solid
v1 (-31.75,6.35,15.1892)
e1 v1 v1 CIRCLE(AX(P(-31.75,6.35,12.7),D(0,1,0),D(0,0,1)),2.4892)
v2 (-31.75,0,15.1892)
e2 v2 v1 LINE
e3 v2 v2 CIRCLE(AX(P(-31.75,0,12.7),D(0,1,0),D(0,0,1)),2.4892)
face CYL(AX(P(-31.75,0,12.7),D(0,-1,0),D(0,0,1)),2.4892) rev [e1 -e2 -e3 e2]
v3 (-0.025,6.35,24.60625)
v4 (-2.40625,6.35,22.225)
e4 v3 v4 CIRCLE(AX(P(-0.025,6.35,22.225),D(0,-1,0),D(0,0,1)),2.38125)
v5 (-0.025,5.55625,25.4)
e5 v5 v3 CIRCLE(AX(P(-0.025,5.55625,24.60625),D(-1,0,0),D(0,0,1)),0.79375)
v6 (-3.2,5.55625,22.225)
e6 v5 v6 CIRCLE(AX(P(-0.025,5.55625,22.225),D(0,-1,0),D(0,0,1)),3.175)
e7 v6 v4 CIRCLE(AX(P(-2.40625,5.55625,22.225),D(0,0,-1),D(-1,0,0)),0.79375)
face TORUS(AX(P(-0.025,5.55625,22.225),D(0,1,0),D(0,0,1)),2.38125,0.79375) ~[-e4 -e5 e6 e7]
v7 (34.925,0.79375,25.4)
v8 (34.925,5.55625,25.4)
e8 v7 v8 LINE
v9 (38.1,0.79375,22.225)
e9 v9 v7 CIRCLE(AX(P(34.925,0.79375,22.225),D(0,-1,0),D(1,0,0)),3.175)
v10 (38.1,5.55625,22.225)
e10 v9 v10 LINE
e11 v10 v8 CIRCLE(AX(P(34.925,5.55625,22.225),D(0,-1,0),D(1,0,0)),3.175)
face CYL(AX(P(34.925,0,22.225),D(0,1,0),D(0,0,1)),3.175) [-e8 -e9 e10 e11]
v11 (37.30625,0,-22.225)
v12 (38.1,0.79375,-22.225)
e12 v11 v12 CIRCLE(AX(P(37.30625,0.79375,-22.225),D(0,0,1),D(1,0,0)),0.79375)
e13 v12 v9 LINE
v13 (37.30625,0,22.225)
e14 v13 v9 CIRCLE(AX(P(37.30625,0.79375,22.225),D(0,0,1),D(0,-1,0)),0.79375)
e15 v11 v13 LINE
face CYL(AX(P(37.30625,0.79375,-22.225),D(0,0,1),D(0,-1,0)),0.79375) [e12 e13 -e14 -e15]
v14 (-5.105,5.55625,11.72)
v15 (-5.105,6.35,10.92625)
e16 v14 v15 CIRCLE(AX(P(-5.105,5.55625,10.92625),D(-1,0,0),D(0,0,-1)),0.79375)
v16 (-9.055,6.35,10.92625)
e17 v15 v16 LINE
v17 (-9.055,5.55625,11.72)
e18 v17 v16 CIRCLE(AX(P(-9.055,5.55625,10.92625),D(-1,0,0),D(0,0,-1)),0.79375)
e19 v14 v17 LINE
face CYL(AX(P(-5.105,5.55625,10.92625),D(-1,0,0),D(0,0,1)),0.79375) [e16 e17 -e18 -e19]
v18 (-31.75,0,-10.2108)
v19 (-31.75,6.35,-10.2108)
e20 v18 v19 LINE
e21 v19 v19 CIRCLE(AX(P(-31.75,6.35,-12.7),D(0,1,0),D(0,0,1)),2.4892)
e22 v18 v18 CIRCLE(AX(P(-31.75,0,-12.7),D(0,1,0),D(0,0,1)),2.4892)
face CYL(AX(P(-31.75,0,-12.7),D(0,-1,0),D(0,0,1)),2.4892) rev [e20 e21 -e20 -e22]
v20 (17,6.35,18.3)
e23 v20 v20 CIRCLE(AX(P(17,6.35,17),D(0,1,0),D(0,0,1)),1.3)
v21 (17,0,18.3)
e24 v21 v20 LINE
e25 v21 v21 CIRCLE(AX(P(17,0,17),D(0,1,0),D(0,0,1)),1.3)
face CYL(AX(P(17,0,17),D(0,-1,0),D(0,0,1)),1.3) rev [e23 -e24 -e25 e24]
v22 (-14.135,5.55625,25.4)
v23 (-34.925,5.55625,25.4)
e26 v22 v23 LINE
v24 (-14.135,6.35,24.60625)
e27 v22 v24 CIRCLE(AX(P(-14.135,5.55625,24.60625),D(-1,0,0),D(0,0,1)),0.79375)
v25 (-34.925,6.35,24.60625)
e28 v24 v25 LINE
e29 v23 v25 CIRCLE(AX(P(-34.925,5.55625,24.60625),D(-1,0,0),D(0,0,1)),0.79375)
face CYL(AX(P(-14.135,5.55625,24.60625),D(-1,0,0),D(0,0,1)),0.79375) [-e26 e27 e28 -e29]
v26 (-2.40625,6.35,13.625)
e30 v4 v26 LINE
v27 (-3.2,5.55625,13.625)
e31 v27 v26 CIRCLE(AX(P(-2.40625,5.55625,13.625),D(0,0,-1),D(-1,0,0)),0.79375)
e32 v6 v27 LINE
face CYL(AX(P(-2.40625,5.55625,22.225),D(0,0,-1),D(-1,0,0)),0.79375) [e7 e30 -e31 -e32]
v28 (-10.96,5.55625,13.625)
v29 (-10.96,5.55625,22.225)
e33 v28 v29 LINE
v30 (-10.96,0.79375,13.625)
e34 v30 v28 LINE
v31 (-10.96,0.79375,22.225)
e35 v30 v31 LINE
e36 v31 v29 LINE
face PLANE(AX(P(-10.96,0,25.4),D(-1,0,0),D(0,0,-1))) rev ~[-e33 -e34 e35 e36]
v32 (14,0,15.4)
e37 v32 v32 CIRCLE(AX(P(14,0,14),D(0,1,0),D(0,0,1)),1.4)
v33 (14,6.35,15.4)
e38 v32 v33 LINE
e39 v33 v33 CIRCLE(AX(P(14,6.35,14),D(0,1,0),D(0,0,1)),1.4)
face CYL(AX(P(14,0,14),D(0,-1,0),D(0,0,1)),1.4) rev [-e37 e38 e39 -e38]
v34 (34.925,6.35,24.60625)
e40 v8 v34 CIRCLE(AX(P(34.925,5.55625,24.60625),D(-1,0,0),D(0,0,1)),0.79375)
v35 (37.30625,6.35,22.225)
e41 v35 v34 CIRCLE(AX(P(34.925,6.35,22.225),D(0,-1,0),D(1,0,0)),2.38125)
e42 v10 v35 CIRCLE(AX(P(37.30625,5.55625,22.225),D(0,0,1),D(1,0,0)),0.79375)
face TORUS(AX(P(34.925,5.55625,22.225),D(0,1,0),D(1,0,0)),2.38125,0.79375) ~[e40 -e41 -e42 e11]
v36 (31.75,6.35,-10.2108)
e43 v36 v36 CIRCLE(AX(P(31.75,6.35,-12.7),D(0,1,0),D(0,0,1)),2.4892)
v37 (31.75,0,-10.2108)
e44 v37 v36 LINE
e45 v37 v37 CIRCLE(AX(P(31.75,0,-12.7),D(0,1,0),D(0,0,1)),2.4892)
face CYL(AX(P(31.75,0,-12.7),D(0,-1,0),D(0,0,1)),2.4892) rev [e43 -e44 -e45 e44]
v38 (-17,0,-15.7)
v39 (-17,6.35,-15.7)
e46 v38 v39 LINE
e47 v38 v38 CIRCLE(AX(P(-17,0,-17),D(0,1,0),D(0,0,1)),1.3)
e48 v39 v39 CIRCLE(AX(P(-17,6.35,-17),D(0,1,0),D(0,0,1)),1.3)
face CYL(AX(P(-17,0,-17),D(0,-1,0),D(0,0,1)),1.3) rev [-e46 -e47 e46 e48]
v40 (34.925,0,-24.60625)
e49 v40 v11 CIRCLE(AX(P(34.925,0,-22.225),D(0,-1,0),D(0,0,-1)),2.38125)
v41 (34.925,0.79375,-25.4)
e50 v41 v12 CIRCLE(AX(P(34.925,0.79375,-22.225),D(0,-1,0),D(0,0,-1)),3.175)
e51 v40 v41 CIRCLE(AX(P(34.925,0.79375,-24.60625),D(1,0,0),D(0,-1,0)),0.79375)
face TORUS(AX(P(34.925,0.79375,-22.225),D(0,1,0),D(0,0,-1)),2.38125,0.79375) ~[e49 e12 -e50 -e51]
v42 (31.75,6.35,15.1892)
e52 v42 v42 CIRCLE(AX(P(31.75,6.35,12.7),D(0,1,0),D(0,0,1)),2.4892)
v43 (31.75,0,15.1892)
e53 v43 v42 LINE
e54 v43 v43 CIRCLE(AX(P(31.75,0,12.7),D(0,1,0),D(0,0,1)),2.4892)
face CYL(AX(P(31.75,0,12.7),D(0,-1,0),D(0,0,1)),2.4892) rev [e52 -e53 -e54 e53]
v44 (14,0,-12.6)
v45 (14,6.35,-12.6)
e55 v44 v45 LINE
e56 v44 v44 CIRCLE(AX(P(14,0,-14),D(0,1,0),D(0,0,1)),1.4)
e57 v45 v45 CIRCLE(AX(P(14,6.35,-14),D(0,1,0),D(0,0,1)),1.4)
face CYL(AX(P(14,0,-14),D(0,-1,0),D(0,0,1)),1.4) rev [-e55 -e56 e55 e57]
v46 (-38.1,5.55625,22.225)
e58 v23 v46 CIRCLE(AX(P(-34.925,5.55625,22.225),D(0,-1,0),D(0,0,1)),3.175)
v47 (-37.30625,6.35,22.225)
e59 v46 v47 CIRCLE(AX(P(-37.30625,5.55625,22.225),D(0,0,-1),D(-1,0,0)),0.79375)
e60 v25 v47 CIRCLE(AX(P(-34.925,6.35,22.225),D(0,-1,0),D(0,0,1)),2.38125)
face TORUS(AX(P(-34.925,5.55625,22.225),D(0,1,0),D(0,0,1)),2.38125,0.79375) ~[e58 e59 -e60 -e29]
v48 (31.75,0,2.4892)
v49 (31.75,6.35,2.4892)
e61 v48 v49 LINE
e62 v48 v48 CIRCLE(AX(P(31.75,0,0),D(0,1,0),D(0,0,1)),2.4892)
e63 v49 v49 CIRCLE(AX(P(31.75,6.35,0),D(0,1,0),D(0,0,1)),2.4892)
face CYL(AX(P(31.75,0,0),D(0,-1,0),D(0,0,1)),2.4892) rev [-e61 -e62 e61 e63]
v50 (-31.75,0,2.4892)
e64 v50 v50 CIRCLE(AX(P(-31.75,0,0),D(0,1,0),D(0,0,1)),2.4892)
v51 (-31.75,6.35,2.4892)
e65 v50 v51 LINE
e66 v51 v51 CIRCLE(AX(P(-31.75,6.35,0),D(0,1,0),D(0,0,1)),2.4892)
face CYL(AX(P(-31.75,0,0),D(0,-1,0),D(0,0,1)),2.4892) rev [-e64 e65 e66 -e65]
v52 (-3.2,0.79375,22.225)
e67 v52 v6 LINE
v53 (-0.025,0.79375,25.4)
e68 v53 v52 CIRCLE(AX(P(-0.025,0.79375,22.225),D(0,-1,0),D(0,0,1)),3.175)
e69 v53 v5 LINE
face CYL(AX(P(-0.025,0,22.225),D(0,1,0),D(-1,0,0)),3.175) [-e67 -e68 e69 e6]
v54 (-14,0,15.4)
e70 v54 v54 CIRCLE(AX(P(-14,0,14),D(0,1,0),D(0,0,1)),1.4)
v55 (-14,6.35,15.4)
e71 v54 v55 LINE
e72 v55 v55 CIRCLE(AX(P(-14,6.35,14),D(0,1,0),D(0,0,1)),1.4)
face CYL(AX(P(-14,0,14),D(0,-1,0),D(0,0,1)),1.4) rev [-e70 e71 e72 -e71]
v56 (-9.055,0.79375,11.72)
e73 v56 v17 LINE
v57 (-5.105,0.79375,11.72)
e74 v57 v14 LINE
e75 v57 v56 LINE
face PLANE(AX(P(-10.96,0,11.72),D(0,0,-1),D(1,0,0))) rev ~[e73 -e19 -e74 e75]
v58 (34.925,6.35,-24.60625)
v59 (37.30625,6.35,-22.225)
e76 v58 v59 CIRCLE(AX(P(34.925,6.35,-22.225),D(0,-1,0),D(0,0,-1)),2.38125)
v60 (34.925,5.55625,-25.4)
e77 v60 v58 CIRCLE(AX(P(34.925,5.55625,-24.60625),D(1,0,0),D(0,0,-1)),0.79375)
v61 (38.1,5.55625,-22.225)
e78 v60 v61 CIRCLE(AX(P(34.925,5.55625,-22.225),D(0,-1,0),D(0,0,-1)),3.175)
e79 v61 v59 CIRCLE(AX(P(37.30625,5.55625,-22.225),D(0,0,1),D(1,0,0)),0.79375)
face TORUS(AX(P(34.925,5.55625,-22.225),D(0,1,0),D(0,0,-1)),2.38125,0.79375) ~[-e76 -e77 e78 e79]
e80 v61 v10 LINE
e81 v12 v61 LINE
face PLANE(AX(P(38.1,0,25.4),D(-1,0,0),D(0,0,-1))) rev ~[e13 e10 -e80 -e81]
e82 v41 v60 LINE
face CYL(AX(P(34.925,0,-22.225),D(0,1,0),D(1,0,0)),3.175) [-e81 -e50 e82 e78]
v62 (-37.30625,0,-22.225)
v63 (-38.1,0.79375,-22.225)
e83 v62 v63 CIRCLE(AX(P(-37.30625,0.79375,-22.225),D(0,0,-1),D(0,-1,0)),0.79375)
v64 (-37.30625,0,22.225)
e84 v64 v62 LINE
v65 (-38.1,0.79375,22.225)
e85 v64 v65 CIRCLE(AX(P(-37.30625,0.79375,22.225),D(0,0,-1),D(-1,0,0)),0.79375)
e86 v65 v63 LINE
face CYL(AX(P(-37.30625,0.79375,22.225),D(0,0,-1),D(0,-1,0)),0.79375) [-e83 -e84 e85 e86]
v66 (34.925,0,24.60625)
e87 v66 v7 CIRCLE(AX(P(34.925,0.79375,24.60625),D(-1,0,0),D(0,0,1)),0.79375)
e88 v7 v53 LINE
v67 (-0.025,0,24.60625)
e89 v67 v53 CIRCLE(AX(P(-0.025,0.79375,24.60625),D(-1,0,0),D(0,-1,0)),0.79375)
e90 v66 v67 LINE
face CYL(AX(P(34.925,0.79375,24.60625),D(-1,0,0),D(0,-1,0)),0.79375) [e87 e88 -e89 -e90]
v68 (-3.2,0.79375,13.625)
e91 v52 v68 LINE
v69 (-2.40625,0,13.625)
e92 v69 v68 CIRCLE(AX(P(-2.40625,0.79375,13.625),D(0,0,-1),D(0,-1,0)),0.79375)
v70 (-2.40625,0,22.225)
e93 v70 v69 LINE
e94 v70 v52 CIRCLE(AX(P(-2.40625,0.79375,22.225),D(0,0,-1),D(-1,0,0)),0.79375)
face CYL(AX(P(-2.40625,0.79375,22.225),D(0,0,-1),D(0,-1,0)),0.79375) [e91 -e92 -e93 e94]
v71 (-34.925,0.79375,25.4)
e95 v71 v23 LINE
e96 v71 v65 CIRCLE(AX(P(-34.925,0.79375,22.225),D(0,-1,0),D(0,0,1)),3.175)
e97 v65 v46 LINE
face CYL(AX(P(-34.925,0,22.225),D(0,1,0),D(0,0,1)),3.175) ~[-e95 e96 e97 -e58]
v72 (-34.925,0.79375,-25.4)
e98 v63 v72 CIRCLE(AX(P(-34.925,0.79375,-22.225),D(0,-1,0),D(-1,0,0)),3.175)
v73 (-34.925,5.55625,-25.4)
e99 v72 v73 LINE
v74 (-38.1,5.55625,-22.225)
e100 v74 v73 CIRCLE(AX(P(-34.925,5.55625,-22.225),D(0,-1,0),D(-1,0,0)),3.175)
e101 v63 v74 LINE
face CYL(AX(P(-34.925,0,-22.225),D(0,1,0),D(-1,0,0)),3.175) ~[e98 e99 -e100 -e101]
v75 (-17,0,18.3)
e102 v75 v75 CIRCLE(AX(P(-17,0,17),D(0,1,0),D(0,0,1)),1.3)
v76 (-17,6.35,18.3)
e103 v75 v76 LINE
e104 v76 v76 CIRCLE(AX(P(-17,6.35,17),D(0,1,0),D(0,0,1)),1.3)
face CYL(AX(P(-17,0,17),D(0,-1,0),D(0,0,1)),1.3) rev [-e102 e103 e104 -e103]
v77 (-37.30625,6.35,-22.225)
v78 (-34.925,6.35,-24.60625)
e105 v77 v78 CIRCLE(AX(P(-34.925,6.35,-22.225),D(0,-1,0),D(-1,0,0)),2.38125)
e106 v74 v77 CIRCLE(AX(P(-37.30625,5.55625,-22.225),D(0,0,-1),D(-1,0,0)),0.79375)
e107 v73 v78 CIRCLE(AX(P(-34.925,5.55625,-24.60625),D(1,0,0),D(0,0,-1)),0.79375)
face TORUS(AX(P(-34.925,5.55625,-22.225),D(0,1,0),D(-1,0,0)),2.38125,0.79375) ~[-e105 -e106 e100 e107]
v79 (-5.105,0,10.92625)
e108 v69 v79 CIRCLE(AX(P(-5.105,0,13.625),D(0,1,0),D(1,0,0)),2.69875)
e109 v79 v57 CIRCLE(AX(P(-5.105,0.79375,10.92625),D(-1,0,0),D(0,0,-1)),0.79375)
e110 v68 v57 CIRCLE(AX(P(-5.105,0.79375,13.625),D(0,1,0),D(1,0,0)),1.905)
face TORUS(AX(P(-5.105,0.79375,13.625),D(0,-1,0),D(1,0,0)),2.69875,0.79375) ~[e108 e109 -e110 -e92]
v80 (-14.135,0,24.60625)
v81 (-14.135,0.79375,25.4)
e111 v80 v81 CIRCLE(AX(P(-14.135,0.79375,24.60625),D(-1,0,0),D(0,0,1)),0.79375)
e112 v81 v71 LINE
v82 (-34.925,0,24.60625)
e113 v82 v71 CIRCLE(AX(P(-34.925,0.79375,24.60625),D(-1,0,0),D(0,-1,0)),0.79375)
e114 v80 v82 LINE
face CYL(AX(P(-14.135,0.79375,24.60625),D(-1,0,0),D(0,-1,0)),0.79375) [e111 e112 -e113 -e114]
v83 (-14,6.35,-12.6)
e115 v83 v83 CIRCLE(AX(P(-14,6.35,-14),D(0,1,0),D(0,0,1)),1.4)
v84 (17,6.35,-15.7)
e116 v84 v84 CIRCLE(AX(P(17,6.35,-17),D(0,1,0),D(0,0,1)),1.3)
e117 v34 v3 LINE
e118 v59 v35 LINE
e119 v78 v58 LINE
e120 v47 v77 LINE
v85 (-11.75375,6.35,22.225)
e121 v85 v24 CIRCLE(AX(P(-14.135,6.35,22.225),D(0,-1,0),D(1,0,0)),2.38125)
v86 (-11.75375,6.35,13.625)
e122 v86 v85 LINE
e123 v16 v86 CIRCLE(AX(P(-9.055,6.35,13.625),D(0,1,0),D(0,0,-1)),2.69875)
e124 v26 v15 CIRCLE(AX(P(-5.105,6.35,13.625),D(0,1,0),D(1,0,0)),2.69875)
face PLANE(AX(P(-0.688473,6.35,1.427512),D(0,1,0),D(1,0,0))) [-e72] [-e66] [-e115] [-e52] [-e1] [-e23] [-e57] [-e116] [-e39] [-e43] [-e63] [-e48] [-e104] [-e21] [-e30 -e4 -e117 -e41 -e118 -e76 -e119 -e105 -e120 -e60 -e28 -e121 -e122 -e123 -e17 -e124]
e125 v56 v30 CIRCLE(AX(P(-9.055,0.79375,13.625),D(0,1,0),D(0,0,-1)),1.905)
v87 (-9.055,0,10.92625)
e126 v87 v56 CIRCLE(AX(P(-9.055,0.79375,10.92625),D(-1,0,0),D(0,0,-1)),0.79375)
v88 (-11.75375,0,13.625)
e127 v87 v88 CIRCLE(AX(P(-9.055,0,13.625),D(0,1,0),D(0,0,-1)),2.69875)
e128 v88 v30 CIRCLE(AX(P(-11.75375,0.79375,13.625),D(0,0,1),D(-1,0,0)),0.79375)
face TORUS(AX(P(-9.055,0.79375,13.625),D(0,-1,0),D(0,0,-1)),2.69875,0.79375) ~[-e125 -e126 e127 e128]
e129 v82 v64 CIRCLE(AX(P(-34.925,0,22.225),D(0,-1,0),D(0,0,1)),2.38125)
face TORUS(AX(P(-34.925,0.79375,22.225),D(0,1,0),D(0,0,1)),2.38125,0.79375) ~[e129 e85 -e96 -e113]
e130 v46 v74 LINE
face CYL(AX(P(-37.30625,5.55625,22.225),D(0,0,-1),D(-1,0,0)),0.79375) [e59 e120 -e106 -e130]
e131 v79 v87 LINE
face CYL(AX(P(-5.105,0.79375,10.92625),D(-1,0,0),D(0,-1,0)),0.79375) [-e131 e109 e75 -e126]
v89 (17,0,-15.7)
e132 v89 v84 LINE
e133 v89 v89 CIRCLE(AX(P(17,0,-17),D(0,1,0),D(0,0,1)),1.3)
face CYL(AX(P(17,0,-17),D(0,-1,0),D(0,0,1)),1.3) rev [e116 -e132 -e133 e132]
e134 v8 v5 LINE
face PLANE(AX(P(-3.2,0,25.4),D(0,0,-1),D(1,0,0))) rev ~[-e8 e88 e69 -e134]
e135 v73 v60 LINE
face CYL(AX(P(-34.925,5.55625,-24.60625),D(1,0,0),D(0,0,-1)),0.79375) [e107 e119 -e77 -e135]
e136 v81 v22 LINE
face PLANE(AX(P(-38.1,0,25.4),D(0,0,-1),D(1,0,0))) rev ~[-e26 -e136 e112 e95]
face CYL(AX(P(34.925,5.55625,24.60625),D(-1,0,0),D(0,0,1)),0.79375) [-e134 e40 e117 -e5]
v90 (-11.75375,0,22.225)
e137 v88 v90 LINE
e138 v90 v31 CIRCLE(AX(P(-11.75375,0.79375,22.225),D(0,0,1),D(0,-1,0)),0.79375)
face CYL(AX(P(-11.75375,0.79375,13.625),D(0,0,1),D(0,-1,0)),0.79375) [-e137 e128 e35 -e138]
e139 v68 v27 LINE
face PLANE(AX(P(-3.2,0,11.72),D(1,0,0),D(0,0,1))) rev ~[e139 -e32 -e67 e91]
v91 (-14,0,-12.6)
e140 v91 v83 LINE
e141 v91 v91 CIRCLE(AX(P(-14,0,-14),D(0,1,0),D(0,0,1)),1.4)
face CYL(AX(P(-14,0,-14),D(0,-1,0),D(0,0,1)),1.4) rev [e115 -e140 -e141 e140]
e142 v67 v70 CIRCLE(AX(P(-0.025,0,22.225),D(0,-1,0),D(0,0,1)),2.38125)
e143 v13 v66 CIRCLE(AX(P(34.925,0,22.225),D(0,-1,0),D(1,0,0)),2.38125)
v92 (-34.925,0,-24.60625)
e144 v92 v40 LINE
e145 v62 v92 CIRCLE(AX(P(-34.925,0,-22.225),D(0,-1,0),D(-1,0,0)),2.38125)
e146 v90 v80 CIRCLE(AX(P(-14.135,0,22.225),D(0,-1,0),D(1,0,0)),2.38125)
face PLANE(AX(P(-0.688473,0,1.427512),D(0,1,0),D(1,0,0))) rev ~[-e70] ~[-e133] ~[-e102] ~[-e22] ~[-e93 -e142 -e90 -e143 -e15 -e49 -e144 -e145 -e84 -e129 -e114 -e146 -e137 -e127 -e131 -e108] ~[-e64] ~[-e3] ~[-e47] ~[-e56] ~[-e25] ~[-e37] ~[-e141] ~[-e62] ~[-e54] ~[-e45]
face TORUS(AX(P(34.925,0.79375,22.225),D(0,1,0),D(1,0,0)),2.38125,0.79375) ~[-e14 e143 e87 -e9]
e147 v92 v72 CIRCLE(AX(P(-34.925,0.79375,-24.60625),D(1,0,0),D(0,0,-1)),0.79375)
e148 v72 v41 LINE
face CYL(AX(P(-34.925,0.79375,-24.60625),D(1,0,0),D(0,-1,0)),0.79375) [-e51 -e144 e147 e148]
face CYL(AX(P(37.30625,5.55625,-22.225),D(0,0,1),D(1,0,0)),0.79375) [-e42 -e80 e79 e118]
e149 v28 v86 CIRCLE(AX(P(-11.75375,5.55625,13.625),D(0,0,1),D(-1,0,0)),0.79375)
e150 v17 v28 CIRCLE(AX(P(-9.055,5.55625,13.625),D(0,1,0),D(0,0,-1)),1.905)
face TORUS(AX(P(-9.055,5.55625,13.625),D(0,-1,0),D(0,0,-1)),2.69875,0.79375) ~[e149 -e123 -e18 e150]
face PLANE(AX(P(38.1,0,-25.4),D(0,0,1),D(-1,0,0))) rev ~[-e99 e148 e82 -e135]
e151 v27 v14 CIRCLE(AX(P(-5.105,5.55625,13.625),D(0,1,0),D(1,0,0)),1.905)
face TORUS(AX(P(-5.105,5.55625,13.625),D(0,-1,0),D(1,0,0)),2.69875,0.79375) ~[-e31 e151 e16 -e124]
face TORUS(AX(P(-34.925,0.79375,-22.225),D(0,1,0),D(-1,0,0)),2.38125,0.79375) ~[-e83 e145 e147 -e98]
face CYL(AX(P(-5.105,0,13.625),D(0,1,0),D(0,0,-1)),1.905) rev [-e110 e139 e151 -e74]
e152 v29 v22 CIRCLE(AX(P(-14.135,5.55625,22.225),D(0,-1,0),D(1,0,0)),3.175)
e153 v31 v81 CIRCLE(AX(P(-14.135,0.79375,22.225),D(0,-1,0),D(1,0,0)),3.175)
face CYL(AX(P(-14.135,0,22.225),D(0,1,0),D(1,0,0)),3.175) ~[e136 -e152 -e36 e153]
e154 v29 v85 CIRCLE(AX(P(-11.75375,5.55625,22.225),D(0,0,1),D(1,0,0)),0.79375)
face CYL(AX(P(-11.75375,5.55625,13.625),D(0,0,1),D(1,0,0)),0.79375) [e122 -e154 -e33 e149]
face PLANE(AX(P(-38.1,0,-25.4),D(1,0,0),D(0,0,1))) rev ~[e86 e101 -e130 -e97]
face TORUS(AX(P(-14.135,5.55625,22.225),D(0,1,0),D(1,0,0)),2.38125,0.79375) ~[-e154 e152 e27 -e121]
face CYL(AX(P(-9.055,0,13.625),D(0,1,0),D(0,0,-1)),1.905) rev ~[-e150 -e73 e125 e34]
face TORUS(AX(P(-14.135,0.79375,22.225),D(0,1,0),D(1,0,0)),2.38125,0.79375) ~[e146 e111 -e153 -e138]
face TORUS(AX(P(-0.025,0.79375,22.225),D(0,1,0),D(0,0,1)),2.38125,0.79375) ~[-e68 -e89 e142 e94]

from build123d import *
from OCP.BRepFilletAPI import BRepFilletAPI_MakeFillet

# Parameters (mm, degrees)
SKETCH1_R           = 1.3
SKETCH1_R_2         = 1.4
SKETCH1_R_3         = 2.4892
BOSS_EXTRUDE1_DEPTH = 6.35
FILLET1_R1          = 3.175
FILLET1_R2          = 1.905
FILLET2_R           = 0.79375


with BuildPart() as part:
    # Sketch1 → Boss-Extrude1 (new body)
    with BuildSketch(Plane(origin=(0, 0, 0), x_dir=(1, 0, 0), z_dir=(0, 1, 0))):
        Polygon((-10.96, -25.4), (-10.96, -15.73), (-10.96, -11.72), (-3.2, -11.72), (-3.2, -15.73), (-3.2, -25.4), (38.1, -25.4), (38.1, 25.4), (-38.1, 25.4), (-38.1, -25.4), align=None)
        with Locations((-17, -17)):
            Circle(SKETCH1_R, mode=Mode.SUBTRACT)
        with Locations((-14, -14)):
            Circle(SKETCH1_R_2, mode=Mode.SUBTRACT)
        with Locations((-31.75, -12.7)):
            Circle(SKETCH1_R_3, mode=Mode.SUBTRACT)
        with Locations((-31.75, 0)):
            Circle(SKETCH1_R_3, mode=Mode.SUBTRACT)
        with Locations((17, -17)):
            Circle(SKETCH1_R, mode=Mode.SUBTRACT)
        with Locations((14, -14)):
            Circle(SKETCH1_R_2, mode=Mode.SUBTRACT)
        with Locations((31.75, -12.7)):
            Circle(SKETCH1_R_3, mode=Mode.SUBTRACT)
        with Locations((31.75, 0)):
            Circle(SKETCH1_R_3, mode=Mode.SUBTRACT)
        with Locations((-31.75, 12.7)):
            Circle(SKETCH1_R_3, mode=Mode.SUBTRACT)
        with Locations((-14, 14)):
            Circle(SKETCH1_R_2, mode=Mode.SUBTRACT)
        with Locations((-17, 17)):
            Circle(SKETCH1_R, mode=Mode.SUBTRACT)
        with Locations((31.75, 12.7)):
            Circle(SKETCH1_R_3, mode=Mode.SUBTRACT)
        with Locations((14, 14)):
            Circle(SKETCH1_R_2, mode=Mode.SUBTRACT)
        with Locations((17, 17)):
            Circle(SKETCH1_R, mode=Mode.SUBTRACT)
    extrude(amount=BOSS_EXTRUDE1_DEPTH)

    # Fillet1: one fillet with a radius per group of edges: ONE call of the kernel's fillet builder (fillet() takes one radius for all edges)
    fillet1_edges_1 = [part.edges().sort_by_distance(p)[0] for p in [
        (-38.1, 3.175, 25.4),
        (38.1, 3.175, 25.4),
        (38.1, 3.175, -25.4),
        (-38.1, 3.175, -25.4),
        (-10.96, 3.175, 25.4),
        (-3.2, 3.175, 25.4),
    ]]
    fillet1_edges_2 = [part.edges().sort_by_distance(p)[0] for p in [
        (-10.96, 3.175, 11.72),
        (-3.2, 3.175, 11.72),
    ]]
    fillet1 = BRepFilletAPI_MakeFillet(part.part.solid().wrapped)
    for e in fillet1_edges_1:
        fillet1.Add(FILLET1_R1, e.wrapped)
    for e in fillet1_edges_2:
        fillet1.Add(FILLET1_R2, e.wrapped)
    add(Compound.cast(fillet1.Shape()), mode=Mode.REPLACE)

    # Fillet2
    fillet2_edges = [part.edges().sort_by_distance(p)[0] for p in [
        (-37.17006403, 0, -24.47006403),
        (-38.1, 0, 0),
        (-37.17006403, 0, 24.47006403),
        (-24.53, 0, 25.4),
        (-11.88993597, 0, 24.47006403),
        (-10.96, 0, 17.925),
        (-10.402038418, 0, 12.277961582),
        (-7.08, 0, 11.72),
        (-3.757961582, 0, 12.277961582),
        (-3.2, 0, 17.925),
        (-2.27006403, 0, 24.47006403),
        (17.45, 0, 25.4),
        (37.17006403, 0, 24.47006403),
        (38.1, 0, 0),
        (37.17006403, 0, -24.47006403),
        (-3.757961582, 6.35, 12.277961582),
        (-7.08, 6.35, 11.72),
        (-10.402038418, 6.35, 12.277961582),
        (-10.96, 6.35, 17.925),
        (-11.88993597, 6.35, 24.47006403),
        (-24.53, 6.35, 25.4),
        (-37.17006403, 6.35, 24.47006403),
        (-38.1, 6.35, 0),
        (-37.17006403, 6.35, -24.47006403),
        (0, 6.35, -25.4),
        (37.17006403, 6.35, -24.47006403),
        (38.1, 6.35, 0),
        (37.17006403, 6.35, 24.47006403),
        (17.45, 6.35, 25.4),
        (-2.27006403, 6.35, 24.47006403),
        (-3.2, 6.35, 17.925),
        (0, 0, -25.4),
    ]]
    fillet(fillet2_edges, radius=FILLET2_R)


solid = part.part
